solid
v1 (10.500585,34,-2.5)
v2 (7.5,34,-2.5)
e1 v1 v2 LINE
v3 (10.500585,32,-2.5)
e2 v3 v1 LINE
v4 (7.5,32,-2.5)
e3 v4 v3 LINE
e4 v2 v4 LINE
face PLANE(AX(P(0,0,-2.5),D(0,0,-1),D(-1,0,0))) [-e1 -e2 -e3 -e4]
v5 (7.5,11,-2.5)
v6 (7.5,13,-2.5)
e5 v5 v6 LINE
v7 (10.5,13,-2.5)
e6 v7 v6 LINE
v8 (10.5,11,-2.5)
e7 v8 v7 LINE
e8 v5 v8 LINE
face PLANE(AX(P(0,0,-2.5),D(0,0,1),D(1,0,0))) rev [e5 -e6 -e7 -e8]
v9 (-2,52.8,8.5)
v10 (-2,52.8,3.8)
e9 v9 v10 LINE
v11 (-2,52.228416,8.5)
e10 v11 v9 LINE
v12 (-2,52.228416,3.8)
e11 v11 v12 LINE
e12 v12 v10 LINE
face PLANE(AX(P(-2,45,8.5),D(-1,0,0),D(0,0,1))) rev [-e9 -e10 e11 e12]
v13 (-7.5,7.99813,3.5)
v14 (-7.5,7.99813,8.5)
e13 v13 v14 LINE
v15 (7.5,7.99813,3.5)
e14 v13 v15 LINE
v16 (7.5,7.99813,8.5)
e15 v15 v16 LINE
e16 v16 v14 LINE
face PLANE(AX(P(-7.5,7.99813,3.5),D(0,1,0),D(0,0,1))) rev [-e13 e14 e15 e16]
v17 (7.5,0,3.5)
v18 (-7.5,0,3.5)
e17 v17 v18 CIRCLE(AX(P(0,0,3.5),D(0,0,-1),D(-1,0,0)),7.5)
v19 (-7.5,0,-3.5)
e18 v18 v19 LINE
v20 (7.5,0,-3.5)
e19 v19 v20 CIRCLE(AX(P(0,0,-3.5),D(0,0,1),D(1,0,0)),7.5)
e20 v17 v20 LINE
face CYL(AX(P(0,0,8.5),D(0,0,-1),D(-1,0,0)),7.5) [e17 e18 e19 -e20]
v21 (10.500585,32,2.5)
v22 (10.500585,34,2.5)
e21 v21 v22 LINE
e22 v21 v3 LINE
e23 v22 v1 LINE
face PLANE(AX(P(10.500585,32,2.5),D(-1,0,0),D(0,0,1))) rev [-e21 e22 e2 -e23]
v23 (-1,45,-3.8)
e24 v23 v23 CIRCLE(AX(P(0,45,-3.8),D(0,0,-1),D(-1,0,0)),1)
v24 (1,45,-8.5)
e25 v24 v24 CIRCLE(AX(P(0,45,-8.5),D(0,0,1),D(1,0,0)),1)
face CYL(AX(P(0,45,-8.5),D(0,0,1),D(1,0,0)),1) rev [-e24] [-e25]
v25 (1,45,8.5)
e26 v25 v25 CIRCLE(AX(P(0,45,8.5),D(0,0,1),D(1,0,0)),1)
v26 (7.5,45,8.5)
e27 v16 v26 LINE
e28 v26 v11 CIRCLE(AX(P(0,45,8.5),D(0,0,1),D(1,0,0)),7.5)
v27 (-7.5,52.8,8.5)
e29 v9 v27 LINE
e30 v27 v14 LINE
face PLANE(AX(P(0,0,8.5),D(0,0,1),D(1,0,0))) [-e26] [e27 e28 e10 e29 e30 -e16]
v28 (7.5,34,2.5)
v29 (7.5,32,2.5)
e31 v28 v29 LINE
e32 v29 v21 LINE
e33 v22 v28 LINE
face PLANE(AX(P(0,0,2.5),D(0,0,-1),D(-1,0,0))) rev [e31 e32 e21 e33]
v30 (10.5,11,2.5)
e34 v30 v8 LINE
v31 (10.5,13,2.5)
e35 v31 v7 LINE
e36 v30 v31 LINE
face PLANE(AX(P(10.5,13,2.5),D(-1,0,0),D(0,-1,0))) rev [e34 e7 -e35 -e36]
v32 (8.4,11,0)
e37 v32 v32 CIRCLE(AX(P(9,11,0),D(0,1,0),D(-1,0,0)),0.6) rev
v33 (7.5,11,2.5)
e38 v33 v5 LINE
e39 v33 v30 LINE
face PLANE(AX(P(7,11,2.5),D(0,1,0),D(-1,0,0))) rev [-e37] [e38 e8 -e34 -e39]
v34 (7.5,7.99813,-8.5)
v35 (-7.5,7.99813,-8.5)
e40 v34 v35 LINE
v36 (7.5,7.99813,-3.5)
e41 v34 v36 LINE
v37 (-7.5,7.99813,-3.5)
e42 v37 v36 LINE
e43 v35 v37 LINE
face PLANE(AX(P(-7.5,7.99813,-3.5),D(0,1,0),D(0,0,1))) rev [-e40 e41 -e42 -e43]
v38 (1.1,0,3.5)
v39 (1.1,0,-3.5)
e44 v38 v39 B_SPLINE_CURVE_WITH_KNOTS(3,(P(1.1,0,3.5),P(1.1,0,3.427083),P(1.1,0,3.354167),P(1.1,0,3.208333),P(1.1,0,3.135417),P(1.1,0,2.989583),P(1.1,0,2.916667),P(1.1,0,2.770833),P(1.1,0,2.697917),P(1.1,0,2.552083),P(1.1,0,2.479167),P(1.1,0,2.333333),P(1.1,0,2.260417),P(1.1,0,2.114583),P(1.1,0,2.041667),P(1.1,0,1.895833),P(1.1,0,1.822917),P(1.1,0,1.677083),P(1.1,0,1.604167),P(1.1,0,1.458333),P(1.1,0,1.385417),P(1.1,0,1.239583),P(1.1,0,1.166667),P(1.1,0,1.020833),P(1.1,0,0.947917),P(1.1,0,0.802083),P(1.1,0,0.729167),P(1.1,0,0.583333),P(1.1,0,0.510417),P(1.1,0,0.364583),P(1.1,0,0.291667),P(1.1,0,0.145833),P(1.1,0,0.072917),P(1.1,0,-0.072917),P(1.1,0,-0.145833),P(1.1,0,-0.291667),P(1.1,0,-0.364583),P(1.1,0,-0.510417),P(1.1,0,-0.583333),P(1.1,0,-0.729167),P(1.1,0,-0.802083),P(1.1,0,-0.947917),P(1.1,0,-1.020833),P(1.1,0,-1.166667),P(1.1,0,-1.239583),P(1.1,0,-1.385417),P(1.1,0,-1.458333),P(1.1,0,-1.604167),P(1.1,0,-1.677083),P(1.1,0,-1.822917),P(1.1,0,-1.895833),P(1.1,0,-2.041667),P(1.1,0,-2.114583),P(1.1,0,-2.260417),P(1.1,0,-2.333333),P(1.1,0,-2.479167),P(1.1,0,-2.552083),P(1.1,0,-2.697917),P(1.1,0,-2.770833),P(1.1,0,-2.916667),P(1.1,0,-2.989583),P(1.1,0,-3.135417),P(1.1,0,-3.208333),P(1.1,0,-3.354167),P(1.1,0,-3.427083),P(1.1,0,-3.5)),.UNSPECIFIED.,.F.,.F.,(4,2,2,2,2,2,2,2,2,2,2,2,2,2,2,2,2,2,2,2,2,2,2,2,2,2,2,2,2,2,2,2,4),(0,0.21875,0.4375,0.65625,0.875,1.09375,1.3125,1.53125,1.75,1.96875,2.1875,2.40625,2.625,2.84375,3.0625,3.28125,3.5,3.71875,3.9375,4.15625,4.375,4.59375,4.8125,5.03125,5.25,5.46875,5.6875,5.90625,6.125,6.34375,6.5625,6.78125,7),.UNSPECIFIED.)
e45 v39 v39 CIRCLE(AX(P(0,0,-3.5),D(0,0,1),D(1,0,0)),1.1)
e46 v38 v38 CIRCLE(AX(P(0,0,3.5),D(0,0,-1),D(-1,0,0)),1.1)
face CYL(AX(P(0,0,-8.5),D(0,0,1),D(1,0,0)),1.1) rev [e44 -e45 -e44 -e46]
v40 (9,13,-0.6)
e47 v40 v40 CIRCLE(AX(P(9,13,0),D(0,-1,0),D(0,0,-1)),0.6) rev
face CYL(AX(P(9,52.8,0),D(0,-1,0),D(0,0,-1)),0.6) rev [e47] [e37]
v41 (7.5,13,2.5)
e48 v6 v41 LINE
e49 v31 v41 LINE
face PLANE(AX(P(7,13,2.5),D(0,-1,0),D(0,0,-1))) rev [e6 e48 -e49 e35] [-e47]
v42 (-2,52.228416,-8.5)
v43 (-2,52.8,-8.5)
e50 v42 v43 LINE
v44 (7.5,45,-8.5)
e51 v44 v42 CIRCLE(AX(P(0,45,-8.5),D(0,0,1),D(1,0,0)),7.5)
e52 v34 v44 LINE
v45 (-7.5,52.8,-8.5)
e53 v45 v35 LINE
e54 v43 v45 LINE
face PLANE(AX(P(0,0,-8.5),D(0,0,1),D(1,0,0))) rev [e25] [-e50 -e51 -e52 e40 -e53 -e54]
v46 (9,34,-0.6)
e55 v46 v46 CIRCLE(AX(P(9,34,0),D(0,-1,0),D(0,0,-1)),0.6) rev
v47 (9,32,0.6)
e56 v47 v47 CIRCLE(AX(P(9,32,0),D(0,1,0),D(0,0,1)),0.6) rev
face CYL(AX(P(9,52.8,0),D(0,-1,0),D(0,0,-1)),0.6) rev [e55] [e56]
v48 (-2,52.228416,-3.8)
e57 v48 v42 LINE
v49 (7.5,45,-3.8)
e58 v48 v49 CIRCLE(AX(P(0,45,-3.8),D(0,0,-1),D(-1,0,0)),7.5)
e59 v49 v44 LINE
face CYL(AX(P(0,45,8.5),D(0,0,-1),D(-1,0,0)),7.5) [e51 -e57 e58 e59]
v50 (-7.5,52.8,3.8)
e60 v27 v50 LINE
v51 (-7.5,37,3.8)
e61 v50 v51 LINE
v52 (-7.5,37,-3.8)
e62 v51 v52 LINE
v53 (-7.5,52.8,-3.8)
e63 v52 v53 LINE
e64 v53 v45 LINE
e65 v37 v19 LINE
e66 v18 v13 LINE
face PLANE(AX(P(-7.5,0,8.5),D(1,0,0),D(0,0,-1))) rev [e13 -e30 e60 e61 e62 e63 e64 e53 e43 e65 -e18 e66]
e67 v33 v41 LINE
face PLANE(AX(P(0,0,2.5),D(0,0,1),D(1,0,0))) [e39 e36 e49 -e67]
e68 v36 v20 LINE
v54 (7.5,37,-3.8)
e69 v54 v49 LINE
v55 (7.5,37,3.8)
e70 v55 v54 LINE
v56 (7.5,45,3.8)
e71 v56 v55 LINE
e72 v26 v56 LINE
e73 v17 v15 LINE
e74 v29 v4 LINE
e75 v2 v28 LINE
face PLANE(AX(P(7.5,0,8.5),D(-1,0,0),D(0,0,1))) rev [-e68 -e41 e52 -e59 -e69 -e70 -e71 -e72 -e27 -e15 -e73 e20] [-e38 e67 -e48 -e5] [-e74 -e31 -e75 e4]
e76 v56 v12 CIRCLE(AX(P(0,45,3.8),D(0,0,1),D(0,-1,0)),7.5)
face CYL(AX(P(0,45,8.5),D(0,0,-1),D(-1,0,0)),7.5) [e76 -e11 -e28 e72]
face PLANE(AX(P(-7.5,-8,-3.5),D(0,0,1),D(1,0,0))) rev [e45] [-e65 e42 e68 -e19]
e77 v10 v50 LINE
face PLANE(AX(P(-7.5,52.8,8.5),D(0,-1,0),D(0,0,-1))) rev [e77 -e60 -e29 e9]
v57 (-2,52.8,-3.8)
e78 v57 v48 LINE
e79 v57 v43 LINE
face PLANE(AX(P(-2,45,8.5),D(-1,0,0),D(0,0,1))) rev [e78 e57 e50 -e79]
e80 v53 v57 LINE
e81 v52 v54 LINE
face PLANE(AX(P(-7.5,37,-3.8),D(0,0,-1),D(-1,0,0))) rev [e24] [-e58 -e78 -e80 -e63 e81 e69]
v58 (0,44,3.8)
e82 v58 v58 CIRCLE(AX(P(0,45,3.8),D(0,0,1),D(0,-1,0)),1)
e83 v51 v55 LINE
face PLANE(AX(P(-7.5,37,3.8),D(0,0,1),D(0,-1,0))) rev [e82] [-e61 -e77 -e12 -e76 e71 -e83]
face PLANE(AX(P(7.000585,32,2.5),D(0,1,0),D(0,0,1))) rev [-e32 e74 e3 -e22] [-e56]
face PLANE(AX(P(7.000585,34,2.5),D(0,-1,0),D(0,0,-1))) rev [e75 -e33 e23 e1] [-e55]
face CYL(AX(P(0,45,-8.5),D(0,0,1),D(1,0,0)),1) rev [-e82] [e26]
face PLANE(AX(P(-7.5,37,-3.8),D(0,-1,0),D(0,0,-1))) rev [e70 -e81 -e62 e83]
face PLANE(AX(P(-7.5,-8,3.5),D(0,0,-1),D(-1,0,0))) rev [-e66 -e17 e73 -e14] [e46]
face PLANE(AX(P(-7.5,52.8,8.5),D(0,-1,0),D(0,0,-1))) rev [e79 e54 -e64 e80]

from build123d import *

# Parameters (mm, degrees)
LINK1_BODY_DEPTH       = 8.5
TONGUE_CUT_DEPTH       = 56.258483512
TONGUE_CUT_DEPTH_BACK  = 56.258483512
SKETCH1_W              = 5.5
SKETCH1_H              = 15.998130079
SKETCH7_W              = 5.5
SKETCH7_H              = 7.8
BOSS_EXTRUDE1_DEPTH    = 8.5
SLOT_CUT_DEPTH         = 55.003148056
SLOT_CUT_DEPTH_BACK    = 55.003148056
SKETCH2_W              = 7.6
SKETCH2_H              = 18
PIN_HOLES_DEPTH        = 55.003148056
PIN_HOLES_DEPTH_BACK   = 55.003148056
SKETCH3_R              = 1.1
SKETCH3_R_2            = 1
SKETCH4_W              = 3.5
SKETCH4_H              = 2
GUIDE_BLOCK_1_DEPTH    = 2.5
SKETCH5_W              = 3.5
SKETCH5_H              = 2
GUIDE_BLOCK_2_DEPTH    = 2.5
CORD_GUIDES_DEPTH      = 55.500938464
CORD_GUIDES_DEPTH_BACK = 55.500938464
SKETCH6_R              = 0.6


with BuildPart() as part:
    # Link1_Outline → Link1_Body (new, symmetric)
    with BuildSketch(Plane.XY):
        with BuildLine():
            Line((-7.5, 0), (-7.5, 45))
            ThreePointArc((-7.5, 45), (0, 52.5), (7.5, 45))
            Line((7.5, 45), (7.5, 0))
            ThreePointArc((7.5, 0), (0, -7.5), (-7.5, 0))
        make_face()
    extrude(amount=LINK1_BODY_DEPTH, both=True)

    # Sketch1 → Tongue_Cut (cut, two sides: drawn at the far end of the back side and taken through both)
    with BuildSketch(Plane(origin=(7.5, 0, 0), x_dir=(0, 0, -1), z_dir=(1, 0, 0)).offset(-TONGUE_CUT_DEPTH_BACK)):
        with Locations((6.25, -0.00093496)):
            Rectangle(SKETCH1_W, SKETCH1_H)
        with Locations((-6.25, -0.00093496)):
            Rectangle(SKETCH1_W, SKETCH1_H)
    extrude(amount=TONGUE_CUT_DEPTH + TONGUE_CUT_DEPTH_BACK, mode=Mode.SUBTRACT)

    # Sketch7 → Boss-Extrude1 (add, symmetric)
    with BuildSketch(Plane.XY):
        with Locations((-4.75, 48.9)):
            Rectangle(SKETCH7_W, SKETCH7_H)
    extrude(amount=BOSS_EXTRUDE1_DEPTH, both=True)

    # Sketch2 → Slot_Cut (cut, two sides: drawn at the far end of the back side and taken through both)
    with BuildSketch(Plane(origin=(0, 0, 0), x_dir=(0, 0, -1), z_dir=(1, 0, 0)).offset(-SLOT_CUT_DEPTH_BACK)):
        with Locations((0, 46)):
            Rectangle(SKETCH2_W, SKETCH2_H)
    extrude(amount=SLOT_CUT_DEPTH + SLOT_CUT_DEPTH_BACK, mode=Mode.SUBTRACT)

    # Sketch3 → Pin_Holes (cut, two sides: drawn at the far end of the back side and taken through both)
    with BuildSketch(Plane.XY.offset(-PIN_HOLES_DEPTH_BACK)):
        Circle(SKETCH3_R)
        with Locations((0, 45)):
            Circle(SKETCH3_R_2)
    extrude(amount=PIN_HOLES_DEPTH + PIN_HOLES_DEPTH_BACK, mode=Mode.SUBTRACT)

    # Sketch4 → Guide_Block_1 (add, symmetric)
    with BuildSketch(Plane.XY):
        with Locations((8.75, 12)):
            Rectangle(SKETCH4_W, SKETCH4_H)
    extrude(amount=GUIDE_BLOCK_1_DEPTH, both=True)

    # Sketch5 → Guide_Block_2 (add, symmetric)
    with BuildSketch(Plane.XY):
        with Locations((8.750585387, 33)):
            Rectangle(SKETCH5_W, SKETCH5_H)
    extrude(amount=GUIDE_BLOCK_2_DEPTH, both=True)

    # Sketch6 → Cord_Guides (cut, two sides: drawn at the far end of the back side and taken through both)
    with BuildSketch(Plane(origin=(0, 0, 0), x_dir=(1, 0, 0), z_dir=(0, 1, 0)).offset(-CORD_GUIDES_DEPTH_BACK)):
        with Locations(Location((9, 0, 0), (0, 0, 90))):
            Circle(SKETCH6_R)
    extrude(amount=CORD_GUIDES_DEPTH + CORD_GUIDES_DEPTH_BACK, mode=Mode.SUBTRACT)


solid = part.part
